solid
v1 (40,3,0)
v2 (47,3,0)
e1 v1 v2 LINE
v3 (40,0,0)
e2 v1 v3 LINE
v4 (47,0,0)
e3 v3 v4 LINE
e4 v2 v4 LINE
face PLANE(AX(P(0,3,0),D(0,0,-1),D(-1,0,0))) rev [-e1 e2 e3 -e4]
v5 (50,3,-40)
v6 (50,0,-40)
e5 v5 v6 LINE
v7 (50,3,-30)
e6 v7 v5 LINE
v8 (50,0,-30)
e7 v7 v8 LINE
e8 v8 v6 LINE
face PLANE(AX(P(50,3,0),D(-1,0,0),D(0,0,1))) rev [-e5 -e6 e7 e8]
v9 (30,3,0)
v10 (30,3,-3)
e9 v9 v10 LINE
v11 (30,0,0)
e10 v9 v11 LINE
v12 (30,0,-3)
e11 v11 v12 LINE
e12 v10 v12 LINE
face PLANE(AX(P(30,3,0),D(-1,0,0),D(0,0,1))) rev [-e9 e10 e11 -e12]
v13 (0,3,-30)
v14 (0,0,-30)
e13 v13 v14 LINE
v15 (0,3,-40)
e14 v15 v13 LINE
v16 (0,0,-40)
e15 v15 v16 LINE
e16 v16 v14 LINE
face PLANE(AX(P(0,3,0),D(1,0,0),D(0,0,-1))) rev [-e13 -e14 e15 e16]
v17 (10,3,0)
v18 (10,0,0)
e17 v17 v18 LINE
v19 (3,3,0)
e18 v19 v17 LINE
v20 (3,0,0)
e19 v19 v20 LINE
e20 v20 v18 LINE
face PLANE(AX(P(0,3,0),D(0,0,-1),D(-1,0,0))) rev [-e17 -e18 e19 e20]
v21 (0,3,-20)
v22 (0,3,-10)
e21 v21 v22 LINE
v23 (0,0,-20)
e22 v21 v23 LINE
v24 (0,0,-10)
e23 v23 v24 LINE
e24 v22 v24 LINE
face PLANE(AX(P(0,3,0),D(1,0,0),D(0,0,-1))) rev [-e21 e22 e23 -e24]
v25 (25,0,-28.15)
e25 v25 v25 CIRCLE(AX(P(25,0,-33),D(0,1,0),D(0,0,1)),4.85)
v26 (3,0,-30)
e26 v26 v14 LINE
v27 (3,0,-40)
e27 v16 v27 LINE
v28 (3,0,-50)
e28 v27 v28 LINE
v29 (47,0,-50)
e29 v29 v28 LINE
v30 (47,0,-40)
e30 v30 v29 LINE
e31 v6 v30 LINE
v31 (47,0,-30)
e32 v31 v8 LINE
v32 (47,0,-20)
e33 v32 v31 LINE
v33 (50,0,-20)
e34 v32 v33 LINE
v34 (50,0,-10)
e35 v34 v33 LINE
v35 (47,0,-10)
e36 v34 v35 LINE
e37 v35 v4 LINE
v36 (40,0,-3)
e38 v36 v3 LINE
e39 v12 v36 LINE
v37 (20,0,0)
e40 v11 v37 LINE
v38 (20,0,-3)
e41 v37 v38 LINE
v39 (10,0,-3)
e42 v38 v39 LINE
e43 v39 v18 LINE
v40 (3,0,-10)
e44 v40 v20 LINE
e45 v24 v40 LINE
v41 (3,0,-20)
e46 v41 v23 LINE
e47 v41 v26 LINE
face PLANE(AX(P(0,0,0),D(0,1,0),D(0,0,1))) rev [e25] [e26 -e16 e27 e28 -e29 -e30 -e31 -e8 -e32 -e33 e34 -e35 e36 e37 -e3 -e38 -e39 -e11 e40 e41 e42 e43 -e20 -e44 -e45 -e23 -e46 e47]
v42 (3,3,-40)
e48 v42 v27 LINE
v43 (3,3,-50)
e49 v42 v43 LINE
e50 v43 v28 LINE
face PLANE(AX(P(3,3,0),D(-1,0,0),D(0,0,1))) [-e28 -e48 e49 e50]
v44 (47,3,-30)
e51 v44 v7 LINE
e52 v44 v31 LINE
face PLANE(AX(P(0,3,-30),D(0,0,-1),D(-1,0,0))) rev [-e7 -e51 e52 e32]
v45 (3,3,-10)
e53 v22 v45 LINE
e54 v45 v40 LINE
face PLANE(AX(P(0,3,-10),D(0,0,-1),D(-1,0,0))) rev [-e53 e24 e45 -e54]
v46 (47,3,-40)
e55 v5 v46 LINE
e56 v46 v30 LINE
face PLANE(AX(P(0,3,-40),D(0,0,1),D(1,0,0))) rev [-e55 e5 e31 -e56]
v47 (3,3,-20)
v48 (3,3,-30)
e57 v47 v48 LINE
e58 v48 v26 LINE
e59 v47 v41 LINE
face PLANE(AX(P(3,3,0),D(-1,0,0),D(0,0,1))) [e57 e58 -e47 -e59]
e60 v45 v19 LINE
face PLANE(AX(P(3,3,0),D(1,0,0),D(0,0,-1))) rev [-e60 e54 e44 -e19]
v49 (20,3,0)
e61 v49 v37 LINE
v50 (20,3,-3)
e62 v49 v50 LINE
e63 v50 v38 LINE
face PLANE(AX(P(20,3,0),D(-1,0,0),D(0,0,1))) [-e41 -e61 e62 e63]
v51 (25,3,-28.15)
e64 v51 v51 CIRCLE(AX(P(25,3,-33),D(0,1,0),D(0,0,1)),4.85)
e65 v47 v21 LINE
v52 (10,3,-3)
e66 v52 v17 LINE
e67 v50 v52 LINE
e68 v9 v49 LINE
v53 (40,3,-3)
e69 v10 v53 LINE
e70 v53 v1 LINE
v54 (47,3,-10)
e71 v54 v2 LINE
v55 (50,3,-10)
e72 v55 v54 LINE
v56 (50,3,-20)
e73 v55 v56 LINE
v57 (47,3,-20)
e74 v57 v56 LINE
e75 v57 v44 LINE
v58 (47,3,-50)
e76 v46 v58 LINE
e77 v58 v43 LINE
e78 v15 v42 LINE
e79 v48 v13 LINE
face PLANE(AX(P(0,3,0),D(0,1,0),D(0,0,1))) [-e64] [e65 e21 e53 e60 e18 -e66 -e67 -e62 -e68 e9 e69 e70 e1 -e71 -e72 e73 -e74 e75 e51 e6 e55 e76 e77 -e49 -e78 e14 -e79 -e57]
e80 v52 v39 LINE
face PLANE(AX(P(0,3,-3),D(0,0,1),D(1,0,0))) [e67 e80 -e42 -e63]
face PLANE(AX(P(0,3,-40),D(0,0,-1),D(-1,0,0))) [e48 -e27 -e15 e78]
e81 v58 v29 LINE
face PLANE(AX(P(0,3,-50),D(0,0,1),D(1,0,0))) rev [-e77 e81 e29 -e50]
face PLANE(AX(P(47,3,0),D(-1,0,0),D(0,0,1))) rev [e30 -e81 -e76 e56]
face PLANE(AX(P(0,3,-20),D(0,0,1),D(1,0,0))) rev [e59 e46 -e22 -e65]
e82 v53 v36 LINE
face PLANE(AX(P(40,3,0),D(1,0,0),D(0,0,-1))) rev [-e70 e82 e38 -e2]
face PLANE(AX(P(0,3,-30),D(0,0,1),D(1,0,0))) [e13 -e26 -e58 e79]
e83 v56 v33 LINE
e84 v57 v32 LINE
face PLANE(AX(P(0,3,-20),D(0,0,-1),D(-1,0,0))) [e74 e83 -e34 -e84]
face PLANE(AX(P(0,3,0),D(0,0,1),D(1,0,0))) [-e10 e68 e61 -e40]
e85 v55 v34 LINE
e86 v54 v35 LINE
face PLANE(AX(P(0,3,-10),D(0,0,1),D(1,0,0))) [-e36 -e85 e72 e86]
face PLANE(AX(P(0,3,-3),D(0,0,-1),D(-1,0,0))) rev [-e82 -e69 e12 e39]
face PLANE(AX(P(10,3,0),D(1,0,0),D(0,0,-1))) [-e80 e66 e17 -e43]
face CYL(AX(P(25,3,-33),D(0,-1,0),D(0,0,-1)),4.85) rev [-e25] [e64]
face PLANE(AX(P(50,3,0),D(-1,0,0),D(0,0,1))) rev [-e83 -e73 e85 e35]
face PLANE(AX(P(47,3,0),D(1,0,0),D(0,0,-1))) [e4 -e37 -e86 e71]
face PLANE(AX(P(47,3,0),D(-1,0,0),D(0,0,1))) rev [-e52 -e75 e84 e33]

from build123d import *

# Parameters (mm, degrees)
CROQUIS1_R              = 4.85
SALIENTE_EXTRUIR1_DEPTH = 3


with BuildPart() as part:
    # Croquis1 → Saliente-Extruir1 (new body)
    with BuildSketch(Plane(origin=(0, 0, 0), x_dir=(1, 0, 0), z_dir=(0, 1, 0))):
        Polygon((3, 10), (3, 0), (10, 0), (10, 3), (20, 3), (20, 0), (25, 0), (30, 0), (30, 3), (40, 3), (40, 0), (47, 0), (47, 10), (50, 10), (50, 20), (47, 20), (47, 30), (50, 30), (50, 40), (47, 40), (47, 50), (3, 50), (3, 40), (0, 40), (0, 30), (3, 30), (3, 20), (0, 20), (0, 10), align=None)
        with Locations(Location((25, 33, 0), (0, 0, 270))):
            Circle(CROQUIS1_R, mode=Mode.SUBTRACT)
    extrude(amount=SALIENTE_EXTRUIR1_DEPTH)


solid = part.part
